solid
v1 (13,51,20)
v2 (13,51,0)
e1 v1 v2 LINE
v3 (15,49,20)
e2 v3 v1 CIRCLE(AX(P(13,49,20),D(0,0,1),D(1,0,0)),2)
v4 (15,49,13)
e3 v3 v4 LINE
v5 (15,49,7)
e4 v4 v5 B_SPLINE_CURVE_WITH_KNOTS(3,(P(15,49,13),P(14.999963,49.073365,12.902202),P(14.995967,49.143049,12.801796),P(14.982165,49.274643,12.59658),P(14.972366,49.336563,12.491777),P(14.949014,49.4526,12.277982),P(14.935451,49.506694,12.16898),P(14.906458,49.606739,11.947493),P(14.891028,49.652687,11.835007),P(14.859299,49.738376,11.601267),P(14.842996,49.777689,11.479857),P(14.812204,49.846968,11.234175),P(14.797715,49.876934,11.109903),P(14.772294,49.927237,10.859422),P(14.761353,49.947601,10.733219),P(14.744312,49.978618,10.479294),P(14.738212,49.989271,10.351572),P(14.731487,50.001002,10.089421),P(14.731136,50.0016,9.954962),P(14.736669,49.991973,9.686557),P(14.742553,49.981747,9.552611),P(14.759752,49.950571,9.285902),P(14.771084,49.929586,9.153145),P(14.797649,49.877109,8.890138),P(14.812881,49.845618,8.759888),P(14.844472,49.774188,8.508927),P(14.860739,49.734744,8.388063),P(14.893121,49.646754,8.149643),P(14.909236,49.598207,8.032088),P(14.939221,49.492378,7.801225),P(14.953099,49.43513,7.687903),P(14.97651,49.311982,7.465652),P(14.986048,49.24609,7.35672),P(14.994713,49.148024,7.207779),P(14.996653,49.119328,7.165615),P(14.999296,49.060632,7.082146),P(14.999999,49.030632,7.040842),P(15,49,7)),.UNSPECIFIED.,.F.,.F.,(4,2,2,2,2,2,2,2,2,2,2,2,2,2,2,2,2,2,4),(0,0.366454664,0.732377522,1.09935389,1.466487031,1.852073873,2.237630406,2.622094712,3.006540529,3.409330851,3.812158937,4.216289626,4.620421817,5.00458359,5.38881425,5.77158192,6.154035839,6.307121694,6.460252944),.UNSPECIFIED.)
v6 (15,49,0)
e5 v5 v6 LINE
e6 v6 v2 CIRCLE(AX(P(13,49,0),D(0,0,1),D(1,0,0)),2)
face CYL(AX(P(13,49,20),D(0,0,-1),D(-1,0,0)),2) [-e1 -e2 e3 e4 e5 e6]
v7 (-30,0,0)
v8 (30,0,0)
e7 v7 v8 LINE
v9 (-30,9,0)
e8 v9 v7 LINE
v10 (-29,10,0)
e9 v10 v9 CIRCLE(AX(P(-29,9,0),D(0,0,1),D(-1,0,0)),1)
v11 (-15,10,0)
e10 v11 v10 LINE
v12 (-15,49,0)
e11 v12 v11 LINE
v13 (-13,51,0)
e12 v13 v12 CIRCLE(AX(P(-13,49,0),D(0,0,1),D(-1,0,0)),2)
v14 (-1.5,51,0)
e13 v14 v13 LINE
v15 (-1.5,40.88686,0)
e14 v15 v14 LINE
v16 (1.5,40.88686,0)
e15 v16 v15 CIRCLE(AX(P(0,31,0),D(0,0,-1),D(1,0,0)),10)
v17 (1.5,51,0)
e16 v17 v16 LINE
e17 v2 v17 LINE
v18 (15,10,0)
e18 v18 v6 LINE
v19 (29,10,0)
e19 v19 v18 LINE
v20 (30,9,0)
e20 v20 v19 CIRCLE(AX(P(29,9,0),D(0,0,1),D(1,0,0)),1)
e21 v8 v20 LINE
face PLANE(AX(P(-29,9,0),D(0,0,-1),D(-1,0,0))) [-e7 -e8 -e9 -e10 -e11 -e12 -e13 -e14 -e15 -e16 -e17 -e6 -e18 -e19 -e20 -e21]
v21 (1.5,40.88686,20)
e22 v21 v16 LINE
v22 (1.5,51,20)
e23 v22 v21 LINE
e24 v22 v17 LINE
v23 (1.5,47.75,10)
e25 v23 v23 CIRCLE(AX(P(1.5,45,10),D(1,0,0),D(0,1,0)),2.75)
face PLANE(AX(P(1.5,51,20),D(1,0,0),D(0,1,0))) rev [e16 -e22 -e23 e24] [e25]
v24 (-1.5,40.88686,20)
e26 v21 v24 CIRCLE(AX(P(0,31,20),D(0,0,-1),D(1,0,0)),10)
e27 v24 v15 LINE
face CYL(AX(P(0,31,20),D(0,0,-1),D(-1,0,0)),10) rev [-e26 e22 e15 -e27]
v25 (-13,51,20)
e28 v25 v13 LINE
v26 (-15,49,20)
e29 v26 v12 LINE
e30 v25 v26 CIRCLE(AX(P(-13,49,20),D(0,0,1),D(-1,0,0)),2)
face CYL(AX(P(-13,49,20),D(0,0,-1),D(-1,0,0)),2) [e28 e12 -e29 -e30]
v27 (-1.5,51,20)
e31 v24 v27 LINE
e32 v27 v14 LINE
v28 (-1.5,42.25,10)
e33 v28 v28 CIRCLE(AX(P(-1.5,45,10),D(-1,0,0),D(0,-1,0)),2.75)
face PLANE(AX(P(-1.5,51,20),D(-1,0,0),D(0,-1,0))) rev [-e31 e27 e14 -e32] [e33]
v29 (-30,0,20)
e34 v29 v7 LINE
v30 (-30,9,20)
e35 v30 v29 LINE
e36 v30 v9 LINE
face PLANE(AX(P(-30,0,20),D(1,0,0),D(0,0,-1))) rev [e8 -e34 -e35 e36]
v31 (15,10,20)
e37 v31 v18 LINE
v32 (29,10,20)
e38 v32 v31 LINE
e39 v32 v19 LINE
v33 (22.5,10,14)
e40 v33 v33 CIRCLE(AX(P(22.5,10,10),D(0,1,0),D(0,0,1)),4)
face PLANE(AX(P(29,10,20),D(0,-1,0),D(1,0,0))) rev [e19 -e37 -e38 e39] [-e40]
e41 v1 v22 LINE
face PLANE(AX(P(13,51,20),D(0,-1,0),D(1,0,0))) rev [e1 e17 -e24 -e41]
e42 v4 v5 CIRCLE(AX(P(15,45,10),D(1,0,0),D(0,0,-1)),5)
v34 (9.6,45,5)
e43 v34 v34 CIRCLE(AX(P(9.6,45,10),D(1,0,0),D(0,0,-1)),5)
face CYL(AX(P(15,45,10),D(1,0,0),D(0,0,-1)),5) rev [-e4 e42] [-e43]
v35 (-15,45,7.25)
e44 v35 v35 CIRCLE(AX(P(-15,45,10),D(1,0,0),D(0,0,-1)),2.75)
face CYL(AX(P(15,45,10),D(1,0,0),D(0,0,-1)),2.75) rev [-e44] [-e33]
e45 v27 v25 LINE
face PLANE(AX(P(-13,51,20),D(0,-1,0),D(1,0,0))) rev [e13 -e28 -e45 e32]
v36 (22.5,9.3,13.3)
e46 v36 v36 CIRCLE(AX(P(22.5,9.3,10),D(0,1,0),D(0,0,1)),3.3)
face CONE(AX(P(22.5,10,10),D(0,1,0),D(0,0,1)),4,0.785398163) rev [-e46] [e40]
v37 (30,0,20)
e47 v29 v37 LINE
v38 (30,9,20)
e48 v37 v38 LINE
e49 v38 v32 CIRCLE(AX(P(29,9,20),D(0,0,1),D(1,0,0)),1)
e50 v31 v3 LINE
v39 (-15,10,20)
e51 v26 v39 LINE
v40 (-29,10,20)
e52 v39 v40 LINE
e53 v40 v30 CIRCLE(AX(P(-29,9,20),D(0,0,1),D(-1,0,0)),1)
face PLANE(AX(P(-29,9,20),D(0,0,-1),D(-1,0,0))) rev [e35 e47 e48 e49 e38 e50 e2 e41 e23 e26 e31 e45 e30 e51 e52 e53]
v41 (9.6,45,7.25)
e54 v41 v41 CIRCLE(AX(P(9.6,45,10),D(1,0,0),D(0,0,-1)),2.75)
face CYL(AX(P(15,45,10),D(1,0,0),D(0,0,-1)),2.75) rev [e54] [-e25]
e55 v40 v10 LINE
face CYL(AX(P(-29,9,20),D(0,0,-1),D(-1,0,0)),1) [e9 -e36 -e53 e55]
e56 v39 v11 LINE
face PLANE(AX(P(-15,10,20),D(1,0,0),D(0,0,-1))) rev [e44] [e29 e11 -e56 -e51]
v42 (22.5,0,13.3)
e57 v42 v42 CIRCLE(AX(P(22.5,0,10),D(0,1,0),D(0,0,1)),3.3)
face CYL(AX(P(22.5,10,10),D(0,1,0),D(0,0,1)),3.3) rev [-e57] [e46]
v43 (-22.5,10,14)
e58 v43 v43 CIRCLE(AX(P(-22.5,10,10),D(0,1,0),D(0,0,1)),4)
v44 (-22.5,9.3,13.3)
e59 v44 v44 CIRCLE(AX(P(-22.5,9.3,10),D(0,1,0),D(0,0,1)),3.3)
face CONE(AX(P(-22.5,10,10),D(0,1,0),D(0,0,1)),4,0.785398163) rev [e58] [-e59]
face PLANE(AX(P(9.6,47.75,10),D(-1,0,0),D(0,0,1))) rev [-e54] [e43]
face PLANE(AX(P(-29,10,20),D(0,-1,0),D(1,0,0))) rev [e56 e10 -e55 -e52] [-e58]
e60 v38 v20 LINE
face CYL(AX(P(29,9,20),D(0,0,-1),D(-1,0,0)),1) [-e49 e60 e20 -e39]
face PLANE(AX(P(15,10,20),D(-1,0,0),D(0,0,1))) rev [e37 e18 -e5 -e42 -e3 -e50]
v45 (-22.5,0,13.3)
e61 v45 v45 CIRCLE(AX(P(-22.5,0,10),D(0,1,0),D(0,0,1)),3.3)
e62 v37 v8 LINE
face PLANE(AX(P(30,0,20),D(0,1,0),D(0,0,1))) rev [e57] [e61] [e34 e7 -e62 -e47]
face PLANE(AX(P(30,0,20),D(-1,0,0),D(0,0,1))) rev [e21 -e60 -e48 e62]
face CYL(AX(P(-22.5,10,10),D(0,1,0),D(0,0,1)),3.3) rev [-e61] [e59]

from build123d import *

# Parameters (mm, degrees)
BOSS_EXTRUDE1_DEPTH                                  = 20
CSK_FOR_M6_HEX_SOCKET_COUNTERSUNK_CAP_SC_D           = 6.6
CSK_FOR_M6_HEX_SOCKET_COUNTERSUNK_CAP_SC_CSINK_D     = 8
CSK_FOR_M6_HEX_SOCKET_COUNTERSUNK_CAP_SC_CSINK_ANGLE = 90
CBORE_FOR_M5_HEX_SOCKET_HEAD_CAP_SCREW1_D            = 5.5
CBORE_FOR_M5_HEX_SOCKET_HEAD_CAP_SCREW1_CBORE_D      = 10
CBORE_FOR_M5_HEX_SOCKET_HEAD_CAP_SCREW1_CBORE_DEPTH  = 5.4


with BuildPart() as part:
    # Sketch1 → Boss-Extrude1 (new body)
    with BuildSketch(Plane.XY):
        with BuildLine():
            Line((30, 0), (-30, 0))
            Line((-30, 0), (-30, 9))
            ThreePointArc((-30, 9), (-29.707106781, 9.707106781), (-29, 10))
            Line((-29, 10), (-15, 10))
            Line((-15, 10), (-15, 49))
            ThreePointArc((-15, 49), (-14.414213562, 50.414213562), (-13, 51))
            Line((-13, 51), (-1.5, 51))
            Line((-1.5, 51), (-1.5, 40.886859967))
            ThreePointArc((-1.5, 40.886859967), (0, 21), (1.5, 40.886859967))
            Line((1.5, 40.886859967), (1.5, 51))
            Line((1.5, 51), (13, 51))
            ThreePointArc((13, 51), (14.414213562, 50.414213562), (15, 49))
            Line((15, 49), (15, 10))
            Line((15, 10), (29, 10))
            ThreePointArc((29, 10), (29.707106781, 9.707106781), (30, 9))
            Line((30, 9), (30, 0))
        make_face()
    extrude(amount=BOSS_EXTRUDE1_DEPTH)

    # CSK for M6 Hex Socket Countersunk Cap Screw1 (through all)
    with Locations(Plane(origin=(-22.5, 10, 10), x_dir=(1, 0, 0), z_dir=(0, 1, 0))):
        with Locations((0, 0), (45, 0)):
            CounterSinkHole(CSK_FOR_M6_HEX_SOCKET_COUNTERSUNK_CAP_SC_D / 2, CSK_FOR_M6_HEX_SOCKET_COUNTERSUNK_CAP_SC_CSINK_D / 2, counter_sink_angle=CSK_FOR_M6_HEX_SOCKET_COUNTERSUNK_CAP_SC_CSINK_ANGLE)

    # CBORE for M5 Hex Socket Head Cap Screw1 (through all)
    with Locations(Plane(origin=(15, 45, 10), x_dir=(0, 0, 1), z_dir=(1, 0, 0))):
        with Locations((0, 0)):
            CounterBoreHole(CBORE_FOR_M5_HEX_SOCKET_HEAD_CAP_SCREW1_D / 2, CBORE_FOR_M5_HEX_SOCKET_HEAD_CAP_SCREW1_CBORE_D / 2, CBORE_FOR_M5_HEX_SOCKET_HEAD_CAP_SCREW1_CBORE_DEPTH)


solid = part.part
